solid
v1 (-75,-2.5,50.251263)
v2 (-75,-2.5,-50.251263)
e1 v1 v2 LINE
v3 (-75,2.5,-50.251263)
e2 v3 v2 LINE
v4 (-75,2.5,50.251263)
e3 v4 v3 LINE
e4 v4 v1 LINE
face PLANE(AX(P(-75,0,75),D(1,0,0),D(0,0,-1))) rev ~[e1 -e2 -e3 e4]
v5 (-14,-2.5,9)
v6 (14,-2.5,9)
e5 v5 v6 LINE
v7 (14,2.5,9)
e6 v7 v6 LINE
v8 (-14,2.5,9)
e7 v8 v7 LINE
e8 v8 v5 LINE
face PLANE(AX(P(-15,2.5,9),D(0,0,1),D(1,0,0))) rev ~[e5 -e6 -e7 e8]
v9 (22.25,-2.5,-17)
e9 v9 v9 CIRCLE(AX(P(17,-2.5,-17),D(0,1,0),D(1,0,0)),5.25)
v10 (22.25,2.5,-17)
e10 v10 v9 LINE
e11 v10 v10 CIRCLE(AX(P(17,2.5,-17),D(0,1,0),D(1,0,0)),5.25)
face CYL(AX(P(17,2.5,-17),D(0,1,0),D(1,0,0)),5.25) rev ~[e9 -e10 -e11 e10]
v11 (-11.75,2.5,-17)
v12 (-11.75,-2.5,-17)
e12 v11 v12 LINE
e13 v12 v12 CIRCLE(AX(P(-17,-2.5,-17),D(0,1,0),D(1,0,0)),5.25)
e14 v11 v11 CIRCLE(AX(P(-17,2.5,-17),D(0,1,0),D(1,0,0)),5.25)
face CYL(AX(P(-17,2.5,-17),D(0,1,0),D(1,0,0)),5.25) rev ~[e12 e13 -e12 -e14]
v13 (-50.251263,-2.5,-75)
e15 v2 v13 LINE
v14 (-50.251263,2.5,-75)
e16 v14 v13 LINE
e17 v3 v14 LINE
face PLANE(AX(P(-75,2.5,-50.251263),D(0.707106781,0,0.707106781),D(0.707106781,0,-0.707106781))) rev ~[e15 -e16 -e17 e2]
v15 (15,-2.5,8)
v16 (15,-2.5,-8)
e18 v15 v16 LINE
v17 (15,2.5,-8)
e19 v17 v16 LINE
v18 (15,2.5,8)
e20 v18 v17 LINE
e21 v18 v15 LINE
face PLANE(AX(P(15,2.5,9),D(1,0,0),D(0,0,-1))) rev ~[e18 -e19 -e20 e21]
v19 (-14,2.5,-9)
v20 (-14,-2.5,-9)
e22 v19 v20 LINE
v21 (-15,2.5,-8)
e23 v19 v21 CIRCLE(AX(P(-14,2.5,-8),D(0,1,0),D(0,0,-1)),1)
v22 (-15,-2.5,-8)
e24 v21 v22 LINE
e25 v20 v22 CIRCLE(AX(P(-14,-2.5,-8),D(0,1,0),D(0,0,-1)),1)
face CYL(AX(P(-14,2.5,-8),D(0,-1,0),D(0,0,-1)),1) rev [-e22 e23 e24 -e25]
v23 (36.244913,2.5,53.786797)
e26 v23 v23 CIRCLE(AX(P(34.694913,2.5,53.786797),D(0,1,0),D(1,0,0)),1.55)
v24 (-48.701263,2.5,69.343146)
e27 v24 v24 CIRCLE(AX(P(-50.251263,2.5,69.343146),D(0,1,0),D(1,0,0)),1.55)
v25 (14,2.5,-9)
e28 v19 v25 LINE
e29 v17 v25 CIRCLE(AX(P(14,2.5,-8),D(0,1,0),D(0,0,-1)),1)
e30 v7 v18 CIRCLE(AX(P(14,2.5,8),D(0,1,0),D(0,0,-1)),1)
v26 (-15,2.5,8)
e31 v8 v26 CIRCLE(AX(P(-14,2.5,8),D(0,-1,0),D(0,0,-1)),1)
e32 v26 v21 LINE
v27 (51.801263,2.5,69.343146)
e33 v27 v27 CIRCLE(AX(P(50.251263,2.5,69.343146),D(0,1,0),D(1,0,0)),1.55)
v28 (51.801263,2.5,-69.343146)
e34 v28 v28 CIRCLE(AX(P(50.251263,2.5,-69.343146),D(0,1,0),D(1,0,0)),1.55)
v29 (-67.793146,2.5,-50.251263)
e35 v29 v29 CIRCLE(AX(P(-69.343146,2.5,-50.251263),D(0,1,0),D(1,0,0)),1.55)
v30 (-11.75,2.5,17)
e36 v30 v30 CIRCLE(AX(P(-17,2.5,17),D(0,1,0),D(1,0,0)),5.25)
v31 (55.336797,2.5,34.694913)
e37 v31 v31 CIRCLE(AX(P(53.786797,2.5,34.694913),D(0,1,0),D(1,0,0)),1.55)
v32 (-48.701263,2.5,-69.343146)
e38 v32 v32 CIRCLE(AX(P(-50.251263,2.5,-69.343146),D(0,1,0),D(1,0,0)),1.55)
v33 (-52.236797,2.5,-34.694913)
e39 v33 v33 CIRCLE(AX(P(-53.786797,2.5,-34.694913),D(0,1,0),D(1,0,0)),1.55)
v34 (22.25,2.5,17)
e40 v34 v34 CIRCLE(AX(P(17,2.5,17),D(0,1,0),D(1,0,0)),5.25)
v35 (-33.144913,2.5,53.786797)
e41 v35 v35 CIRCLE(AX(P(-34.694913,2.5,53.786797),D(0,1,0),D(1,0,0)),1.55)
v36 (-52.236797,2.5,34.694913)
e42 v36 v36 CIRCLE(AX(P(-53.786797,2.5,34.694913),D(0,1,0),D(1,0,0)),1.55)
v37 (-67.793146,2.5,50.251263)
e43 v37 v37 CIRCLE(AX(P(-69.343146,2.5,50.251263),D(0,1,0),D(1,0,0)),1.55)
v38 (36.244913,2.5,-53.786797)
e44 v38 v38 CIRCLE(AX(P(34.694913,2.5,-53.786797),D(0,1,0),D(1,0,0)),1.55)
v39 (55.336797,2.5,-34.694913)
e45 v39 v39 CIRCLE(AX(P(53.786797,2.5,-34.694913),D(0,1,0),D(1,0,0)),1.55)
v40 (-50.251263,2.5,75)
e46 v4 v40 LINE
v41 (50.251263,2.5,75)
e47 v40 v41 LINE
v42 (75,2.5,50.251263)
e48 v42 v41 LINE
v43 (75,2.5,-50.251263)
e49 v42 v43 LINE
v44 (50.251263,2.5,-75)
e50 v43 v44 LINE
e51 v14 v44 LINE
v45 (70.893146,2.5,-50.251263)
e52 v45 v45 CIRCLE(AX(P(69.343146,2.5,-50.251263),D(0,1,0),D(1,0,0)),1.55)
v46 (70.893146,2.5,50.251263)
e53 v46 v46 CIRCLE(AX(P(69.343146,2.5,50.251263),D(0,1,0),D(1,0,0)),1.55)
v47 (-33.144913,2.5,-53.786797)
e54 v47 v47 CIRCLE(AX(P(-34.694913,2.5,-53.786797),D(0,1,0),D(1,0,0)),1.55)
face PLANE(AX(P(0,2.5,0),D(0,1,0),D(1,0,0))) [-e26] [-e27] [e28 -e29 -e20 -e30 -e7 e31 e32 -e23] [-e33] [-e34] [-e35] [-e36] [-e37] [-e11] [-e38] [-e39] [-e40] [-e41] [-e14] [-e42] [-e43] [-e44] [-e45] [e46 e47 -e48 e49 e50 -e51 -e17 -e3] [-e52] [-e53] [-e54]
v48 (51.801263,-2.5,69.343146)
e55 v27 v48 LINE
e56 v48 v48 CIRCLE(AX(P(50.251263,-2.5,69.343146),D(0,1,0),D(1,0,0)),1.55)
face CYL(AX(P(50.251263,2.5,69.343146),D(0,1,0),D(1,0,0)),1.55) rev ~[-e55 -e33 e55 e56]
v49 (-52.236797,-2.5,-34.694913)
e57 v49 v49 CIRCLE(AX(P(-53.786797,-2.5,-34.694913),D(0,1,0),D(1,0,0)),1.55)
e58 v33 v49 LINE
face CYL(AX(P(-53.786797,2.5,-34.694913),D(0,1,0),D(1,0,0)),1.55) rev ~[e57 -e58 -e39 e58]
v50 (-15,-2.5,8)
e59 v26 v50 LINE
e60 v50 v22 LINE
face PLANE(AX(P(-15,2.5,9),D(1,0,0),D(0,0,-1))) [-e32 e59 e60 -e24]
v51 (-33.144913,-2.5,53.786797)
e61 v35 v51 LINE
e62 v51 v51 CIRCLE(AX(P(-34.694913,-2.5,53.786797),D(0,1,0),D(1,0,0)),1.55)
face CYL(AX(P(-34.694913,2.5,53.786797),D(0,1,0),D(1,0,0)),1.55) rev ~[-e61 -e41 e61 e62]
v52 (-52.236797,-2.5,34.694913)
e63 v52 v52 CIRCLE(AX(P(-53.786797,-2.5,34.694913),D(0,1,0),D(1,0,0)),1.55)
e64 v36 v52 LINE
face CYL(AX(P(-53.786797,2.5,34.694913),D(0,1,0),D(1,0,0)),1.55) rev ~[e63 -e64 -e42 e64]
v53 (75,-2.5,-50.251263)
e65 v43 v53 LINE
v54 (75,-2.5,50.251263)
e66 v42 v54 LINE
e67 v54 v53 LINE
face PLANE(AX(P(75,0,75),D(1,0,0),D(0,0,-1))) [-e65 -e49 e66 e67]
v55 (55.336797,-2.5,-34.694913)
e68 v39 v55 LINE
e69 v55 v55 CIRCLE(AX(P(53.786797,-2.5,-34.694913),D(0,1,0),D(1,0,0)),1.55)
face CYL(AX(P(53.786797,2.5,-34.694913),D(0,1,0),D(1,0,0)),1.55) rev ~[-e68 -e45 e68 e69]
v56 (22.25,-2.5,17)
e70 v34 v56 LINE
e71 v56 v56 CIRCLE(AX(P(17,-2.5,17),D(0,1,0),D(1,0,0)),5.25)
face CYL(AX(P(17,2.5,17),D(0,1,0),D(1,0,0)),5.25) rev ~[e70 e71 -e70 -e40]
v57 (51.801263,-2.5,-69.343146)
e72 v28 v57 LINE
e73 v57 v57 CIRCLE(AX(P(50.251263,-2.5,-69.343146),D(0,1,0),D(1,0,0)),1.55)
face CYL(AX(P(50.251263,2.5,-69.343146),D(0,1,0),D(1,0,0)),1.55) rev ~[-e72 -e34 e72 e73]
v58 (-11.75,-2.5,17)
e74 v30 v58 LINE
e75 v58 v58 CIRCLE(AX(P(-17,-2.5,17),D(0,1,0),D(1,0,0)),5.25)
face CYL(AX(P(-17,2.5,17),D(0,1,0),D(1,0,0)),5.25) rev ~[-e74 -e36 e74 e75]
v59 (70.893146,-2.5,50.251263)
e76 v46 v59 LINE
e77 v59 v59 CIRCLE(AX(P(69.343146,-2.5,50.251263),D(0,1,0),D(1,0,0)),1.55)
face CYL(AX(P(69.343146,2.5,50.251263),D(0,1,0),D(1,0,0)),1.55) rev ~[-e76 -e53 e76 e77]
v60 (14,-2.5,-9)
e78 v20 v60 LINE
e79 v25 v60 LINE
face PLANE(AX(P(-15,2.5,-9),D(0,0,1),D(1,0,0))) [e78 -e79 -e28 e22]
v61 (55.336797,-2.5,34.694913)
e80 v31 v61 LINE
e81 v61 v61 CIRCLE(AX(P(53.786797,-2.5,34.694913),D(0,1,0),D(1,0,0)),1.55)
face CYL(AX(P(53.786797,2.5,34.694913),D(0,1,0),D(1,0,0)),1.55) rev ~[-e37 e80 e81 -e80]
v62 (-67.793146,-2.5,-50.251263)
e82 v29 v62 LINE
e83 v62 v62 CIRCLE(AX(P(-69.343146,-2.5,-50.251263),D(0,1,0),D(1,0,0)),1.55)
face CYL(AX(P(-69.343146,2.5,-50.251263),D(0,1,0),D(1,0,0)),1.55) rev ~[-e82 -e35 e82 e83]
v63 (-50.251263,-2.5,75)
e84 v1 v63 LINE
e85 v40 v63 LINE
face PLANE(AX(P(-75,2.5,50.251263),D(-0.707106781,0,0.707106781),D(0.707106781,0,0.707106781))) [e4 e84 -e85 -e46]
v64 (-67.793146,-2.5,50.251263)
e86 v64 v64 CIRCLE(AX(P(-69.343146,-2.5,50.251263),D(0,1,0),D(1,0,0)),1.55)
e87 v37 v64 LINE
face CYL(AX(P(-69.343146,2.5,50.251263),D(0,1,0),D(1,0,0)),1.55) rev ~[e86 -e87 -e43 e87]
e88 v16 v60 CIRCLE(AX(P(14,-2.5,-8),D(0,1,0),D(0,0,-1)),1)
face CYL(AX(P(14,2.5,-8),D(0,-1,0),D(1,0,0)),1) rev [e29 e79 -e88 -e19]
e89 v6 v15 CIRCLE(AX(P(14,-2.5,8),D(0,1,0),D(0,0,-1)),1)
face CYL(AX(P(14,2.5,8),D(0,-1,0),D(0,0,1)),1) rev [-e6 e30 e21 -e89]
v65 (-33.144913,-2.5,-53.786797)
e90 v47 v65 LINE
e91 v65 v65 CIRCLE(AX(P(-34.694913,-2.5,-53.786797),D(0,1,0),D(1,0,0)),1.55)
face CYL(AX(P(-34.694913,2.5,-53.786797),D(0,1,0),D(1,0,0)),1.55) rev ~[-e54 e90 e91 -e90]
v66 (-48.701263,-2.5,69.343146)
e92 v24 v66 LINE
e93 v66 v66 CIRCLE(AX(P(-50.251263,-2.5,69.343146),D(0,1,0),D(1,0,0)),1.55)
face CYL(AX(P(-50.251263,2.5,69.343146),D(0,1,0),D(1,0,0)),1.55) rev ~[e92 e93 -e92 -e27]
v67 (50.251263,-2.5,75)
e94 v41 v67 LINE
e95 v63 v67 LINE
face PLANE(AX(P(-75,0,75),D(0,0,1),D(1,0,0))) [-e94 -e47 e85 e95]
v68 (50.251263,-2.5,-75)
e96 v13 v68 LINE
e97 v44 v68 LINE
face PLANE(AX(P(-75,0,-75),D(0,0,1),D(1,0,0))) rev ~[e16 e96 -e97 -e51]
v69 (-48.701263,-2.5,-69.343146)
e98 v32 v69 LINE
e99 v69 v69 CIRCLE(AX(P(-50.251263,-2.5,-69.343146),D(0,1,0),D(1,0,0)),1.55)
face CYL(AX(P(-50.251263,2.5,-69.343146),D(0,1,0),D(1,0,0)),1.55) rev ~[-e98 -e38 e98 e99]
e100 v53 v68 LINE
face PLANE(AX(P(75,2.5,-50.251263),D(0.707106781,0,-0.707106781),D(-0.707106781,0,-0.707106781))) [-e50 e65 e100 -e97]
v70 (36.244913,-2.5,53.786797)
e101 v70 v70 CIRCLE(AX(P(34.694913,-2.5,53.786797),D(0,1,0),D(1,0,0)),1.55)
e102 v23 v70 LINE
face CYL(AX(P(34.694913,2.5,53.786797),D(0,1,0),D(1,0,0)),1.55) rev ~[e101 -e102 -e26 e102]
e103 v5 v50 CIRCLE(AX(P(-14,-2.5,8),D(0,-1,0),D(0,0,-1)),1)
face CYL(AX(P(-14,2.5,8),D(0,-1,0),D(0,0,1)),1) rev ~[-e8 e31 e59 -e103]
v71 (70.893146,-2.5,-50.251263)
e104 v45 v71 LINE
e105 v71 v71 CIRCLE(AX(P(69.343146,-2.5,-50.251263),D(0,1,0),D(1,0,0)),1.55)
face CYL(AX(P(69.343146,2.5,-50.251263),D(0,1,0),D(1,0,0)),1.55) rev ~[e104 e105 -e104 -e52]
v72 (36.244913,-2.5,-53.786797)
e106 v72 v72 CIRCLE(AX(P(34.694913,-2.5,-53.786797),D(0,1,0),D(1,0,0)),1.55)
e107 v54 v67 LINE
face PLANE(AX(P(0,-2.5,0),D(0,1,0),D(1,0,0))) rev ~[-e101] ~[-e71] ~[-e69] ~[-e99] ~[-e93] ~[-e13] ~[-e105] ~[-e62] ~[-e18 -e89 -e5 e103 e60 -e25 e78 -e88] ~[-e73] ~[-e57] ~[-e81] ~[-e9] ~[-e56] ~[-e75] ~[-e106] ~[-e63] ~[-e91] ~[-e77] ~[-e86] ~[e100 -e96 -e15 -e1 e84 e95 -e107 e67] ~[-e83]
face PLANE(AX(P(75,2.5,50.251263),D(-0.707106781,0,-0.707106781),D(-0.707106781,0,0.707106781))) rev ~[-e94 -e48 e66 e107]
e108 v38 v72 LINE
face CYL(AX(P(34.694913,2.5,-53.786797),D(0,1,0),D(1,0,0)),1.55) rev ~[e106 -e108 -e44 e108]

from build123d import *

# Parameters (mm, degrees)
SKETCH1_W           = 150
SKETCH1_H           = 150
BOSS_EXTRUDE1_DEPTH = 2.5
CUT_EXTRUDE1_DEPTH  = 5
SKETCH3_R           = 1.55
CUT_EXTRUDE2_DEPTH  = 5
SKETCH4_R           = 5.25
SKETCH4_W           = 30
SKETCH4_H           = 18
CUT_EXTRUDE3_DEPTH  = 5
FILLET1_R           = 1


with BuildPart() as part:
    # Sketch1 → Boss-Extrude1 (new body, symmetric)
    with BuildSketch(Plane(origin=(0, 0, 0), x_dir=(1, 0, 0), z_dir=(0, 1, 0))):
        Rectangle(SKETCH1_W, SKETCH1_H)
    extrude(amount=BOSS_EXTRUDE1_DEPTH, both=True)

    # Sketch2 → Cut-Extrude1 (cut)
    with BuildSketch(Plane(origin=(0, 2.5, 0), x_dir=(1, 0, 0), z_dir=(0, 1, 0))):
        Polygon((50.251262658, 75), (75, 75), (75, 50.251262658), align=None)
        Polygon((-75, 75), (-75, 50.251262658), (-50.251262658, 75), align=None)
        Polygon((-50.251262658, -75), (-75, -75), (-75, -50.251262658), align=None)
        Polygon((75, -75), (75, -50.251262658), (50.251262658, -75), align=None)
    extrude(amount=-CUT_EXTRUDE1_DEPTH, mode=Mode.SUBTRACT)

    # Sketch3 → Cut-Extrude2 (cut)
    with BuildSketch(Plane(origin=(0, 2.5, 0), x_dir=(1, 0, 0), z_dir=(0, 1, 0))):
        with Locations((69.343145751, 50.251262658)):
            Circle(SKETCH3_R)
        with Locations((53.786796564, 34.694913472)):
            Circle(SKETCH3_R)
        with Locations((34.694913472, 53.786796564)):
            Circle(SKETCH3_R)
        with Locations((50.251262658, 69.343145751)):
            Circle(SKETCH3_R)
        with Locations((-69.343145751, 50.251262658)):
            Circle(SKETCH3_R)
        with Locations((-53.786796564, 34.694913472)):
            Circle(SKETCH3_R)
        with Locations((-34.694913472, 53.786796564)):
            Circle(SKETCH3_R)
        with Locations((-50.251262658, 69.343145751)):
            Circle(SKETCH3_R)
        with Locations((-53.786796564, -34.694913472)):
            Circle(SKETCH3_R)
        with Locations((-69.343145751, -50.251262658)):
            Circle(SKETCH3_R)
        with Locations((-34.694913472, -53.786796564)):
            Circle(SKETCH3_R)
        with Locations((-50.251262658, -69.343145751)):
            Circle(SKETCH3_R)
        with Locations((69.343145751, -50.251262658)):
            Circle(SKETCH3_R)
        with Locations((53.786796564, -34.694913472)):
            Circle(SKETCH3_R)
        with Locations((34.694913472, -53.786796564)):
            Circle(SKETCH3_R)
        with Locations((50.251262658, -69.343145751)):
            Circle(SKETCH3_R)
    extrude(amount=-CUT_EXTRUDE2_DEPTH, mode=Mode.SUBTRACT)

    # Sketch4 → Cut-Extrude3 (cut)
    with BuildSketch(Plane(origin=(0, 2.5, 0), x_dir=(1, 0, 0), z_dir=(0, 1, 0))):
        with Locations((17, -17)):
            Circle(SKETCH4_R)
        with Locations((17, 17)):
            Circle(SKETCH4_R)
        with Locations((-17, -17)):
            Circle(SKETCH4_R)
        with Locations((-17, 17)):
            Circle(SKETCH4_R)
        Rectangle(SKETCH4_W, SKETCH4_H)
    extrude(amount=-CUT_EXTRUDE3_DEPTH, mode=Mode.SUBTRACT)

    # Fillet1
    fillet1_edges = [part.edges().sort_by_distance(p)[0] for p in [
        (-15, 0, 9),
        (-15, 0, -9),
        (15, 0, -9),
        (15, 0, 9),
    ]]
    fillet(fillet1_edges, radius=FILLET1_R)


solid = part.part
